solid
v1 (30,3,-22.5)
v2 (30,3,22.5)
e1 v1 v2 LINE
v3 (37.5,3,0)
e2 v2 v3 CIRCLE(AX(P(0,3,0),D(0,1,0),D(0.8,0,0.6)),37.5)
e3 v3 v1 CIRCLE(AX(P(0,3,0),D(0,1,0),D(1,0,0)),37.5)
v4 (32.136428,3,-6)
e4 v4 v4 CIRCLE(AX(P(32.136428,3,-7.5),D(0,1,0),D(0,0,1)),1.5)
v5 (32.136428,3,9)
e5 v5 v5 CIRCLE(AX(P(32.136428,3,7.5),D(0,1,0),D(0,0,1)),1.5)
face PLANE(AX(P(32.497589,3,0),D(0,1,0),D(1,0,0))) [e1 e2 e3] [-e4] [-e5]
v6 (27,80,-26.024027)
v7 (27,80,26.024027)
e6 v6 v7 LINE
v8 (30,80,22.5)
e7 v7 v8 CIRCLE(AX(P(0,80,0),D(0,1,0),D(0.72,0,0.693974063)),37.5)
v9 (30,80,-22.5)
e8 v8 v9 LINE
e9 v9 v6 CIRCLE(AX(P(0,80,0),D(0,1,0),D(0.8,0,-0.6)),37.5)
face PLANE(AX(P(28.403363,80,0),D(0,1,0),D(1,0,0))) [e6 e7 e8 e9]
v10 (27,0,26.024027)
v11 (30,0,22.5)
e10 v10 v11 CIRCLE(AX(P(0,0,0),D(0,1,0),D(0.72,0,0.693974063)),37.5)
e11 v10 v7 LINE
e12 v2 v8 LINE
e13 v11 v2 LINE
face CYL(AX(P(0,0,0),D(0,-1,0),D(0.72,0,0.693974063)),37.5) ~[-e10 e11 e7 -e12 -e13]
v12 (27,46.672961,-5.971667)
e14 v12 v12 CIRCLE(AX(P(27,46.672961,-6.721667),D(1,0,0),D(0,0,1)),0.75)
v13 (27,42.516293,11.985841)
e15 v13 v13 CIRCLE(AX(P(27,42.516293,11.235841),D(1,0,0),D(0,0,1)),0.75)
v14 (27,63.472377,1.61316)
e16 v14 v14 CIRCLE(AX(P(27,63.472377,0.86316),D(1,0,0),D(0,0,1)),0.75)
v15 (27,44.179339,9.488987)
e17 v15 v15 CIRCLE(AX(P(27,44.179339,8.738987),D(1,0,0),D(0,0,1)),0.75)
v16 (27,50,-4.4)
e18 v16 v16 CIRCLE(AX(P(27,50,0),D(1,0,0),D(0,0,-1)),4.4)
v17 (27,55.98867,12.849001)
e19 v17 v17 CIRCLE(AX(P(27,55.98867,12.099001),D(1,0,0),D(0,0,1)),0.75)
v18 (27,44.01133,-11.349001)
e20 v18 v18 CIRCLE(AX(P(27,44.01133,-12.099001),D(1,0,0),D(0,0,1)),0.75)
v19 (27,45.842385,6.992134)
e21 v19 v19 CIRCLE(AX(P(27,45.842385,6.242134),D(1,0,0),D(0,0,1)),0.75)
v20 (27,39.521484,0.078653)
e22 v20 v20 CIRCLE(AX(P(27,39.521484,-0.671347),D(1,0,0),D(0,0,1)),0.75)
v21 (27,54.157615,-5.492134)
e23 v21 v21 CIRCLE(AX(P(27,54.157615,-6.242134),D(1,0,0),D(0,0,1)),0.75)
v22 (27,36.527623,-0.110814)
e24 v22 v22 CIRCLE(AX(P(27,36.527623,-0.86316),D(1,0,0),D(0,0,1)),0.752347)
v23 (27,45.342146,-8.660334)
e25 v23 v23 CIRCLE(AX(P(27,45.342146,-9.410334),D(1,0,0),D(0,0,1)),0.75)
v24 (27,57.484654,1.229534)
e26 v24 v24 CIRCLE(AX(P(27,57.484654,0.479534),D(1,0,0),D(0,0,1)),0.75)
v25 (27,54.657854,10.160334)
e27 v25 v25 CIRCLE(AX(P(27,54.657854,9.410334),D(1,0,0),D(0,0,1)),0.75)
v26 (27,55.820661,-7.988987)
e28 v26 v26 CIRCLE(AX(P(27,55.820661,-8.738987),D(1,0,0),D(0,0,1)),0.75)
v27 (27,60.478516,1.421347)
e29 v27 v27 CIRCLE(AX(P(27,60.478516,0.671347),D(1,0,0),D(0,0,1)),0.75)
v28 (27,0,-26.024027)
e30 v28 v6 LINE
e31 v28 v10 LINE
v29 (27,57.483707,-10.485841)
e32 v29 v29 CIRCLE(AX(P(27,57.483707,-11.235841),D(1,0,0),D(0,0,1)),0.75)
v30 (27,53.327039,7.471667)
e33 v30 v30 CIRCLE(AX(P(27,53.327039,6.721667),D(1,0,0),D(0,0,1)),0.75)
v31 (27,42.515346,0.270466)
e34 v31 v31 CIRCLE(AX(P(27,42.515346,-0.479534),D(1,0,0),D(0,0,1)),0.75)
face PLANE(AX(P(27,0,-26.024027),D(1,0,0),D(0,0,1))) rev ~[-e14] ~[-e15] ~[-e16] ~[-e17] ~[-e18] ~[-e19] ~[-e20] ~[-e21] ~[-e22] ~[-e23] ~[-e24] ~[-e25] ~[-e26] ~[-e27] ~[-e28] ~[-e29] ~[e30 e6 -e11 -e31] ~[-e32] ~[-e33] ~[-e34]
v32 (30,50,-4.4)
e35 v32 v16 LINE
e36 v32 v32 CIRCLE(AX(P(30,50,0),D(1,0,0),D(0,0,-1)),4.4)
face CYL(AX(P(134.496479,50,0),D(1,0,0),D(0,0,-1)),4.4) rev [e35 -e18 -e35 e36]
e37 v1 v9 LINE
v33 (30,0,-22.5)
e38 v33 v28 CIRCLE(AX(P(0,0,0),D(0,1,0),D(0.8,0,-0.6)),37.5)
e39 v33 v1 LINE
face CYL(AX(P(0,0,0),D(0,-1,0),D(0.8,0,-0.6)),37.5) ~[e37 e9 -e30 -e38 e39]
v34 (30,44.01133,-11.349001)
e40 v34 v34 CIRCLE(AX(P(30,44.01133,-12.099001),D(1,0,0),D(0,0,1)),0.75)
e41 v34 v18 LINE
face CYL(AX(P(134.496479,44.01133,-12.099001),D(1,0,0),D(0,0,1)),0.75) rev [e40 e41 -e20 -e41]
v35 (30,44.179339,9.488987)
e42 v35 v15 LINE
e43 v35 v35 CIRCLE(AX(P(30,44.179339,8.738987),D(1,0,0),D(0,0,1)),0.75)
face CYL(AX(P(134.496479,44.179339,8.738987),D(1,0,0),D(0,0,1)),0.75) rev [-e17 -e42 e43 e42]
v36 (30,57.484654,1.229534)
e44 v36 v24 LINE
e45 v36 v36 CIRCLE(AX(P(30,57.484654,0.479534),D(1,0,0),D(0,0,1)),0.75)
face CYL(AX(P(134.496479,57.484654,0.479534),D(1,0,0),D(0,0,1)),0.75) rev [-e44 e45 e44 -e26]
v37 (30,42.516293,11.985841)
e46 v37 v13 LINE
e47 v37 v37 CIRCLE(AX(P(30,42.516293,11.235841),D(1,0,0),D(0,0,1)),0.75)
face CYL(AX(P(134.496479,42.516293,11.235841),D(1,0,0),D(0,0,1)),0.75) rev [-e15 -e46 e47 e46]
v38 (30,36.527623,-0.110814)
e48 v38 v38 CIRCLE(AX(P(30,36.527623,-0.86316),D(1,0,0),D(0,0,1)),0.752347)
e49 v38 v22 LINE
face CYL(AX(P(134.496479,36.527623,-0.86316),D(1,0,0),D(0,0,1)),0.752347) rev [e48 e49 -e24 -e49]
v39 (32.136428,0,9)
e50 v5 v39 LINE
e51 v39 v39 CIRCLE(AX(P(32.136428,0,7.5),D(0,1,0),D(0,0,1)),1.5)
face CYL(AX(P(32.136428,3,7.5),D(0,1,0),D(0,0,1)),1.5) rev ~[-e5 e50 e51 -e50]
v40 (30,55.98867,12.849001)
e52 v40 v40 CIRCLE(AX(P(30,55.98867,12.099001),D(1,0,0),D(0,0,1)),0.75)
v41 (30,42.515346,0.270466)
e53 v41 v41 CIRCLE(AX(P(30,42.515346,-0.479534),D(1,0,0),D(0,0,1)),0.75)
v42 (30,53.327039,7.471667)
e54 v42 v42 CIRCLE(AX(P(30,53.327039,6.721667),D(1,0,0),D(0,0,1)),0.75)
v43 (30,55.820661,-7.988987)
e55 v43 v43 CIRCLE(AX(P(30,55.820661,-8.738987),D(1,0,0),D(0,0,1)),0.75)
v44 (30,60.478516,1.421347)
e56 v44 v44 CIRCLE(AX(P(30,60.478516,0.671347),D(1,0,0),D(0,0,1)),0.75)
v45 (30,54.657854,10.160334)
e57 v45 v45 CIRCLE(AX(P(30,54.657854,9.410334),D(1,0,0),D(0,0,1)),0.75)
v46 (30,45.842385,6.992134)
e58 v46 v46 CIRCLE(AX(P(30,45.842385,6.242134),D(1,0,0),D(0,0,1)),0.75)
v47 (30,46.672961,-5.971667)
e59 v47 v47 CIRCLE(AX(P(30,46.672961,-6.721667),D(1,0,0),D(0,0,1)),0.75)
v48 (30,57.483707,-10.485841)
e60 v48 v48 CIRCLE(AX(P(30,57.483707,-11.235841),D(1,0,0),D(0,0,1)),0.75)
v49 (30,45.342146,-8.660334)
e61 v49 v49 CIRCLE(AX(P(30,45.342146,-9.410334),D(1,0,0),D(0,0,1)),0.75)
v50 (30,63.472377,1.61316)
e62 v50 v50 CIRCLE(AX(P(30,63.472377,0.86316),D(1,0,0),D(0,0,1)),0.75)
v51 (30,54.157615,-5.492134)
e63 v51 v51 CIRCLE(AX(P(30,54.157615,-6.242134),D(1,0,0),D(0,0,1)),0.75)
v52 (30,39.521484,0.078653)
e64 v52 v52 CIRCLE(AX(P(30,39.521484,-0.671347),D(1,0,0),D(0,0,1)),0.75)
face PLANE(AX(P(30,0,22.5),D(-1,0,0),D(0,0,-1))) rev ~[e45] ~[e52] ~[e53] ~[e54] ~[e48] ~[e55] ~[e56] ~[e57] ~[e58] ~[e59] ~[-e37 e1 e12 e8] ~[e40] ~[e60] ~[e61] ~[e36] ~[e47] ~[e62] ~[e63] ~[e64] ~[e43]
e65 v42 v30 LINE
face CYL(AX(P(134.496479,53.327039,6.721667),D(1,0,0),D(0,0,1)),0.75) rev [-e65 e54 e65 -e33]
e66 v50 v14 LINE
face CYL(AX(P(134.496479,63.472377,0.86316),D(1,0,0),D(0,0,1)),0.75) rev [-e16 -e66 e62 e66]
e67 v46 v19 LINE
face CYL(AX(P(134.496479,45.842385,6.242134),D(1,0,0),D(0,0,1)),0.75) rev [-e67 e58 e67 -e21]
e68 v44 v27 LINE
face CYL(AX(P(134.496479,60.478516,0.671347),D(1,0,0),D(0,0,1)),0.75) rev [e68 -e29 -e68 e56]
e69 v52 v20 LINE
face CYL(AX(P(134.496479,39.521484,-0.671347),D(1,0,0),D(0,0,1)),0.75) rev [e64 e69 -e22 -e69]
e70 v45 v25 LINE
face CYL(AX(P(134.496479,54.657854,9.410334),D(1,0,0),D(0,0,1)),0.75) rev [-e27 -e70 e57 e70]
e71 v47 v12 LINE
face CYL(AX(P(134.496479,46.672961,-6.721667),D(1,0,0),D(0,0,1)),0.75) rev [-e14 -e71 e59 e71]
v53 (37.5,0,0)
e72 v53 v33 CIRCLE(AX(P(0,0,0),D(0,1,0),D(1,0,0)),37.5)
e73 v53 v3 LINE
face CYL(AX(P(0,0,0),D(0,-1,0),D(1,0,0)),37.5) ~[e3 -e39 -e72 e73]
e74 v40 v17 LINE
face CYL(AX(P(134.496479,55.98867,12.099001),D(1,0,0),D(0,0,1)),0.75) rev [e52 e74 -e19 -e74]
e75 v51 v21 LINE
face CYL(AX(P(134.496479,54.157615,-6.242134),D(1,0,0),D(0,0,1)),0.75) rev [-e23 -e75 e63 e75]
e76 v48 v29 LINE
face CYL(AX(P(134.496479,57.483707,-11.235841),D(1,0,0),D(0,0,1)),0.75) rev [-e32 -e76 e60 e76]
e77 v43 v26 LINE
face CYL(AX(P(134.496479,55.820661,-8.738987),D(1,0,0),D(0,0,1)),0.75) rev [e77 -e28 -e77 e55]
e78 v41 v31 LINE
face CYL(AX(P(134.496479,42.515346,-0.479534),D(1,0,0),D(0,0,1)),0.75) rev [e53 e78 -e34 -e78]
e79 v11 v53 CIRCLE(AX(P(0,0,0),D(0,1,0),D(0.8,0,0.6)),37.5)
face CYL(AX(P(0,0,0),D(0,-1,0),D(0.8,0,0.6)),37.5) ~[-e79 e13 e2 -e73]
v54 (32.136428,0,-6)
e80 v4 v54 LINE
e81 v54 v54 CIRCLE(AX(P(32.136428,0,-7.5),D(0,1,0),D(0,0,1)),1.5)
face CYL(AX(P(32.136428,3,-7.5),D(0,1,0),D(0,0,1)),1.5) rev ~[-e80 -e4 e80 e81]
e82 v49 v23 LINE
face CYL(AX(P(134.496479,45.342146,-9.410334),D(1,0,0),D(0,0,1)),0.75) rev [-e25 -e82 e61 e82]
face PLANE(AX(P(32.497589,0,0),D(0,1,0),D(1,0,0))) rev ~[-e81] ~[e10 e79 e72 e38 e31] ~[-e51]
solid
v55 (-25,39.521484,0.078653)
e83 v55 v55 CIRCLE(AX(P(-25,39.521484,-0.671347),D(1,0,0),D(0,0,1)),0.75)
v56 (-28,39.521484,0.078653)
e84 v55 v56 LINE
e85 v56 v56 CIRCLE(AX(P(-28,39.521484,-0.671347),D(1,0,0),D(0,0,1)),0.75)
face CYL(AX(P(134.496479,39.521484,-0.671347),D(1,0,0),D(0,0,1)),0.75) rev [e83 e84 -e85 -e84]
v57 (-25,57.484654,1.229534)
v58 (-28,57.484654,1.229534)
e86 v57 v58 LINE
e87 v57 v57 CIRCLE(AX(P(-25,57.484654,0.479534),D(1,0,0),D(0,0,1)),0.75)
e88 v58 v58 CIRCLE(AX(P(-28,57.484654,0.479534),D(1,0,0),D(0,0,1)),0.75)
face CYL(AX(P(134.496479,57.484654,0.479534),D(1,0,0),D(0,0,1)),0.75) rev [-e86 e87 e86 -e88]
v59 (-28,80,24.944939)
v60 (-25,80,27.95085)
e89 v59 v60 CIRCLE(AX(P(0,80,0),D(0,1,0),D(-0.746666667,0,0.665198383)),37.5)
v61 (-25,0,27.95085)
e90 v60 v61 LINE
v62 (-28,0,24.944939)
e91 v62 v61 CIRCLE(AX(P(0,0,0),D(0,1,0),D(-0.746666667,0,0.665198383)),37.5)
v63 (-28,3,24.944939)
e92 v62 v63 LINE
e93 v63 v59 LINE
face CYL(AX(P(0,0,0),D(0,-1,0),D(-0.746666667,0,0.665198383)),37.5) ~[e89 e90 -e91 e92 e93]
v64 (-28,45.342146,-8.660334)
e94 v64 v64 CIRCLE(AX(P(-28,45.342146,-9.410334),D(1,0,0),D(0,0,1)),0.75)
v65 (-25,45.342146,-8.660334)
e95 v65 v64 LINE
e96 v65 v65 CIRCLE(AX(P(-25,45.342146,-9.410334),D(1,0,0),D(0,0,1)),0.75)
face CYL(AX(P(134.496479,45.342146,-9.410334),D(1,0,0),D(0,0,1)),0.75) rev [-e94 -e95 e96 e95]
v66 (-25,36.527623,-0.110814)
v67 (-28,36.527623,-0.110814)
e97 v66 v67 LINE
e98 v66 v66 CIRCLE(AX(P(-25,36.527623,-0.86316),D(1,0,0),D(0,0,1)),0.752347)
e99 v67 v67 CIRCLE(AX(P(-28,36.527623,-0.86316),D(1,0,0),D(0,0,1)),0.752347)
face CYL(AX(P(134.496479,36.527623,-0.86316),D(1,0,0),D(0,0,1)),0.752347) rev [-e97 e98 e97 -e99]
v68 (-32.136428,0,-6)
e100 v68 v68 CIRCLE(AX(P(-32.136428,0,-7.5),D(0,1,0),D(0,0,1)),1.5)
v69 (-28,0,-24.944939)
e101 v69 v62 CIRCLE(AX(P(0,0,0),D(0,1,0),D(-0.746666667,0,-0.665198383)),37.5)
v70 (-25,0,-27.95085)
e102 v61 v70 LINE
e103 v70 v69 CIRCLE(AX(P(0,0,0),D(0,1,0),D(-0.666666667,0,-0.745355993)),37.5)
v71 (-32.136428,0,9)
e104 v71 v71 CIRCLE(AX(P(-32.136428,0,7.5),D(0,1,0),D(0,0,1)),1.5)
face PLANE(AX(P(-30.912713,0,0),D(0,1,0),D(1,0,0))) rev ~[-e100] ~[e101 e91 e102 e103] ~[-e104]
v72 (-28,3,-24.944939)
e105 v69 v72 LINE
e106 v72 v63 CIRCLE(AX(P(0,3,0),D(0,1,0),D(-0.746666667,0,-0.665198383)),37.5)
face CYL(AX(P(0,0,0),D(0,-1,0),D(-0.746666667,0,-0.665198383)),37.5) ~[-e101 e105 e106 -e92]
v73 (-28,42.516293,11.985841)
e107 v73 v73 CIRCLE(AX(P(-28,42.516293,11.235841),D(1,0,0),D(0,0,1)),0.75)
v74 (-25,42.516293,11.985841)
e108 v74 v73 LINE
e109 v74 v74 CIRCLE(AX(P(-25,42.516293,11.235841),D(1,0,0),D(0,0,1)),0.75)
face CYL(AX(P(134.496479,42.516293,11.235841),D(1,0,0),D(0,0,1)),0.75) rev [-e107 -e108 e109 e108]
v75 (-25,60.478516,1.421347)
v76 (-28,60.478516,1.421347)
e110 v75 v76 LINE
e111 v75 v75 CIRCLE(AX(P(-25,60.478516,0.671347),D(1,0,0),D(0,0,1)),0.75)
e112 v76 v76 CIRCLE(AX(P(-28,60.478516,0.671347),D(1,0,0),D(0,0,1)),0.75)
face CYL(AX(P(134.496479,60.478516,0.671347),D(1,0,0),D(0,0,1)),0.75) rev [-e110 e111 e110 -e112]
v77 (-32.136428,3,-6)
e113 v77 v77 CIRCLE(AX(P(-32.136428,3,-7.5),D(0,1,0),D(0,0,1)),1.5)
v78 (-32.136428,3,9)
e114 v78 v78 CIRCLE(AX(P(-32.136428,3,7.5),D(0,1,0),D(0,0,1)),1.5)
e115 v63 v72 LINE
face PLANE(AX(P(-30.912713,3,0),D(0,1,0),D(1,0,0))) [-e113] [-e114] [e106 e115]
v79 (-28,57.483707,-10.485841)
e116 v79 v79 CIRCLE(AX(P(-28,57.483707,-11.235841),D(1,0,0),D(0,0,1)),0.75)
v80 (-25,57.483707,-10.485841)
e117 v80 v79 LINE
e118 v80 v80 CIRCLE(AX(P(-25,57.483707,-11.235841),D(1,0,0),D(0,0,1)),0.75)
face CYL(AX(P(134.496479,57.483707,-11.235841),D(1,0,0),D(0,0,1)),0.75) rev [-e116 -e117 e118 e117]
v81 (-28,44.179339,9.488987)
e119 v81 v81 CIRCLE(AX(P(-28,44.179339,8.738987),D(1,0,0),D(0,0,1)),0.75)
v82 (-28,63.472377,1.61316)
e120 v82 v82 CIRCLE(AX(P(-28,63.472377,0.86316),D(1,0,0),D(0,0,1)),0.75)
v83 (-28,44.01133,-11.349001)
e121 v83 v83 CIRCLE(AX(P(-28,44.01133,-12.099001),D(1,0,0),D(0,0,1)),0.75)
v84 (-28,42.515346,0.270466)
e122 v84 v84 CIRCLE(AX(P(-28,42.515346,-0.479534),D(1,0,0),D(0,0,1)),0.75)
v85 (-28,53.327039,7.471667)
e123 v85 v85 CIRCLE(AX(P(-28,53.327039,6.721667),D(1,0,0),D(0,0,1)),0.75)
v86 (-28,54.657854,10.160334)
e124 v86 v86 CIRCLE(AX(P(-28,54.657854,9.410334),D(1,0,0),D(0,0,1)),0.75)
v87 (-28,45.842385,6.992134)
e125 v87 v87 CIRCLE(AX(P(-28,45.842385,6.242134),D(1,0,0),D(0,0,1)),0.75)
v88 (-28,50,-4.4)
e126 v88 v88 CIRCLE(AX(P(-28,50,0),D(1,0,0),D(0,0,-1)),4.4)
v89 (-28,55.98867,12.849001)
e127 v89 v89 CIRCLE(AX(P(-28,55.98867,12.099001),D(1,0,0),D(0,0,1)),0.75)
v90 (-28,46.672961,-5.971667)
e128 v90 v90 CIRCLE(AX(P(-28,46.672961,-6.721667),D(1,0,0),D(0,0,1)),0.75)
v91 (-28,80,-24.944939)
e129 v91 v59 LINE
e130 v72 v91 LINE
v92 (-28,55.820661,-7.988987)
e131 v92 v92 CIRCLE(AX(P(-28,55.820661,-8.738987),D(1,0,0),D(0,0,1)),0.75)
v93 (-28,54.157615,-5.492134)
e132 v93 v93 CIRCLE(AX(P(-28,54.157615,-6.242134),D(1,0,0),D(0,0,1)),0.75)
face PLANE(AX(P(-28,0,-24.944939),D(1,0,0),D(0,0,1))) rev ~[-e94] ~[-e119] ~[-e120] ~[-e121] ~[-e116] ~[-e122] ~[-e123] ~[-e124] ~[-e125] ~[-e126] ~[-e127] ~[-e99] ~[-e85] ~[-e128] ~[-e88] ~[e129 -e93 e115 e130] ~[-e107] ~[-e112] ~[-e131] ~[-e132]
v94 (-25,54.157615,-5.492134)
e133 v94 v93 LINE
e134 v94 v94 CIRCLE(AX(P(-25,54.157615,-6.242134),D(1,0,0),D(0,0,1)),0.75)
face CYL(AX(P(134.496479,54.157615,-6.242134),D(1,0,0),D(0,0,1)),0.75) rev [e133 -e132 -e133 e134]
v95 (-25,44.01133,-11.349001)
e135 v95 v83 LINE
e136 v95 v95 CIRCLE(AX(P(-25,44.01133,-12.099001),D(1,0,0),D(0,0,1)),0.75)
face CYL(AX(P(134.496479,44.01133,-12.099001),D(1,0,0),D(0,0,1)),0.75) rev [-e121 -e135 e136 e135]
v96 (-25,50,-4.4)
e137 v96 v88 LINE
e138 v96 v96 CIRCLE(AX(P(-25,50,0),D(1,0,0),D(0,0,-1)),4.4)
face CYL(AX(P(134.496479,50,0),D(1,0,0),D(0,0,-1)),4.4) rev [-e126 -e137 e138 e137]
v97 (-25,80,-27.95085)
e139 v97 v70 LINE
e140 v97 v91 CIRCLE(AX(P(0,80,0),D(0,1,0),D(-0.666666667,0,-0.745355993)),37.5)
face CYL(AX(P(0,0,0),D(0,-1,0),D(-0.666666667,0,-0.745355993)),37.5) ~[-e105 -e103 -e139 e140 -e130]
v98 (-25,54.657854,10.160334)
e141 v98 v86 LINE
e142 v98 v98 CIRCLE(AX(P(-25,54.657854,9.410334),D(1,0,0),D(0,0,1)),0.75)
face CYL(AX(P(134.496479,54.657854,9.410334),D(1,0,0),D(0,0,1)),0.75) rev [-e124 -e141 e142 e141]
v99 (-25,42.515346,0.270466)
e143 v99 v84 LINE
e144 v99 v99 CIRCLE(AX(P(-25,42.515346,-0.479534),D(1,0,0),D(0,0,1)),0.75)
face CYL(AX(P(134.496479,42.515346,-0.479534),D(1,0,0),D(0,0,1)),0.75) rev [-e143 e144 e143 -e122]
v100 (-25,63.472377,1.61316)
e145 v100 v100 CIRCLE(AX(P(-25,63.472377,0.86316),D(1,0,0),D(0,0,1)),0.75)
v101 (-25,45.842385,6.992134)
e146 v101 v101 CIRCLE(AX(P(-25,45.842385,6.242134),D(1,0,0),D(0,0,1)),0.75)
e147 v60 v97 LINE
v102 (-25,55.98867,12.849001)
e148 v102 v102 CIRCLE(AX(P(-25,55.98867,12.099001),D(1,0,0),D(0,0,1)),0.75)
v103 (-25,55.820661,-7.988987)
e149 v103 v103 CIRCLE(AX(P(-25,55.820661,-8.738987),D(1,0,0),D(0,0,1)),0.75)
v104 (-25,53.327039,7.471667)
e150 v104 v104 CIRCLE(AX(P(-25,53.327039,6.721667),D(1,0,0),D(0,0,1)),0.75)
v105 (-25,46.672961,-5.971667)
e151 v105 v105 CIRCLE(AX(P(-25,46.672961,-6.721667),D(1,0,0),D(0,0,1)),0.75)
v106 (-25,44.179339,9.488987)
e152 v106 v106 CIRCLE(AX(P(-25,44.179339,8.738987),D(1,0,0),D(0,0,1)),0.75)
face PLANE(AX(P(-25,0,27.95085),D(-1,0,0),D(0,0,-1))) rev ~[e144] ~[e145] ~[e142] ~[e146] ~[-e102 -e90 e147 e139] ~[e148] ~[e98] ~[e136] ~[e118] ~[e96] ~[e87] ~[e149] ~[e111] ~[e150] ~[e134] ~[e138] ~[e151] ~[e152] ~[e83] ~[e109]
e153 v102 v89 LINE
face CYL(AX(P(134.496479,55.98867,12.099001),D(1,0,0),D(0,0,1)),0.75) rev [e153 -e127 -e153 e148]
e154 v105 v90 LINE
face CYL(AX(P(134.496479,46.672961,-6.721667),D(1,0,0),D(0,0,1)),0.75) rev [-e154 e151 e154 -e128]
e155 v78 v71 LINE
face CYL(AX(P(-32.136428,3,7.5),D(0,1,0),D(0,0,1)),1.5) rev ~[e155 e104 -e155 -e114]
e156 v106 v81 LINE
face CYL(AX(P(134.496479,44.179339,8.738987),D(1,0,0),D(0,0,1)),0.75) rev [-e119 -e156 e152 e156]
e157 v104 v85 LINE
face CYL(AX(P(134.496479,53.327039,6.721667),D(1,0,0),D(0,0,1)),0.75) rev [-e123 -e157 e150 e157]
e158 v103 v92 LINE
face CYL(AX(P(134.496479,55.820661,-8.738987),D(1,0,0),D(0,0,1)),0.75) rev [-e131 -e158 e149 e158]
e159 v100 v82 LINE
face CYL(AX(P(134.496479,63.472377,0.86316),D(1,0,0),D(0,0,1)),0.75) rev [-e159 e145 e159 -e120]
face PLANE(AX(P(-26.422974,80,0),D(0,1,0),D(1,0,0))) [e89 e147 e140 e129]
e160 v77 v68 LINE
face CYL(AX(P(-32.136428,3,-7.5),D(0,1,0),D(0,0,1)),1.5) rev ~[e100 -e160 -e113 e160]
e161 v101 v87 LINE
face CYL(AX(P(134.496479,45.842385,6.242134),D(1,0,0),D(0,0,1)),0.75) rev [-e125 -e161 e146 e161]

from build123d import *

# Parameters (mm, degrees)
BOSS_EXTRUDE1_DEPTH     = 3
BOSS_EXTRUDE2_DEPTH     = 80
SKETCH8_R               = 1.5
CUT_EXTRUDE2_DEPTH      = 3
CUT_EXTRUDE3_DEPTH      = 107.496478815
CUT_EXTRUDE3_DEPTH_BACK = 107.496478815
SKETCH7_R               = 0.75
SKETCH7_R_2             = 0.752346506


with BuildPart() as part:
    # Sketch1 → Boss-Extrude1 (new body)
    with BuildSketch(Plane(origin=(0, 0, 0), x_dir=(1, 0, 0), z_dir=(0, 1, 0))):
        with BuildLine():
            Line((-28, 0), (-28, 24.944939367))
            ThreePointArc((-28, 24.944939367), (-37.5, 0), (-28, -24.944939367))
            Line((-28, -24.944939367), (-28, 0))
        make_face()
        with BuildLine():
            Line((-25, -27.950849719), (-25, 0))
            Line((-25, 0), (-25, 27.950849719))
            ThreePointArc((-25, 27.950849719), (-26.542586051, 26.490396859), (-28, 24.944939367))
            Line((-28, 24.944939367), (-28, 0))
            Line((-28, 0), (-28, -24.944939367))
            ThreePointArc((-28, -24.944939367), (-26.542586051, -26.490396859), (-25, -27.950849719))
        make_face()
        with BuildLine():
            ThreePointArc((37.5, 0), (35.575623677, 11.858541226), (30, 22.5))
            Line((30, 22.5), (30, -22.5))
            ThreePointArc((30, -22.5), (35.575623677, -11.858541226), (37.5, 0))
        make_face()
        with BuildLine():
            ThreePointArc((30, 22.5), (28.554416335, 24.308338236), (27, 26.024027359))
            Line((27, 26.024027359), (27, -26.024027359))
            ThreePointArc((27, -26.024027359), (28.554416335, -24.308338236), (30, -22.5))
            Line((30, -22.5), (30, 22.5))
        make_face()
    extrude(amount=BOSS_EXTRUDE1_DEPTH)

    # Sketch1<3> → Boss-Extrude2 (add)
    with BuildSketch(Plane(origin=(0, 0, 0), x_dir=(1, 0, 0), z_dir=(0, 1, 0))):
        with BuildLine():
            Line((-25, -27.950849719), (-25, 0))
            Line((-25, 0), (-25, 27.950849719))
            ThreePointArc((-25, 27.950849719), (-26.542586051, 26.490396859), (-28, 24.944939367))
            Line((-28, 24.944939367), (-28, 0))
            Line((-28, 0), (-28, -24.944939367))
            ThreePointArc((-28, -24.944939367), (-26.542586051, -26.490396859), (-25, -27.950849719))
        make_face()
        with BuildLine():
            ThreePointArc((30, 22.5), (28.554416335, 24.308338236), (27, 26.024027359))
            Line((27, 26.024027359), (27, -26.024027359))
            ThreePointArc((27, -26.024027359), (28.554416335, -24.308338236), (30, -22.5))
            Line((30, -22.5), (30, 22.5))
        make_face()
    extrude(amount=BOSS_EXTRUDE2_DEPTH)

    # Sketch8 → Cut-Extrude2 (cut)
    with BuildSketch(Plane(origin=(0, 3, 0), x_dir=(1, 0, 0), z_dir=(0, 1, 0))):
        with Locations(Location((-32.136427928, -7.5, 0), (0, 0, 270))):
            Circle(SKETCH8_R)
        with Locations(Location((32.136427928, -7.5, 0), (0, 0, 270))):
            Circle(SKETCH8_R)
        with Locations(Location((32.136427928, 7.5, 0), (0, 0, 270))):
            Circle(SKETCH8_R)
        with Locations(Location((-32.136427928, 7.5, 0), (0, 0, 270))):
            Circle(SKETCH8_R)
    extrude(amount=-CUT_EXTRUDE2_DEPTH, mode=Mode.SUBTRACT)

    # Sketch7 → Cut-Extrude3 (cut, two sides: drawn at the far end of the back side and taken through both)
    with BuildSketch(Plane.ZY.offset(-27).offset(-CUT_EXTRUDE3_DEPTH_BACK)):
        with Locations((0.671346916, 60.478515797)):
            Circle(SKETCH7_R)
        with BuildLine():
            ThreePointArc((4.4, 50), (0, 54.4), (-4.4, 50))
            Line((-4.4, 50), (4.4, 50))
        make_face()
        with BuildLine():
            Line((4.4, 50), (-4.4, 50))
            ThreePointArc((-4.4, 50), (0, 45.6), (4.4, 50))
        make_face()
        with Locations((0.479533512, 57.484654141)):
            Circle(SKETCH7_R)
        with Locations((6.721667381, 53.327038867)):
            Circle(SKETCH7_R)
        with Locations((9.410334333, 54.657854414)):
            Circle(SKETCH7_R)
        with Locations((12.099001285, 55.988669961)):
            Circle(SKETCH7_R)
        with Locations((0.863160321, 63.472377454)):
            Circle(SKETCH7_R)
        with Locations((-8.738987416, 55.820661383)):
            Circle(SKETCH7_R)
        with Locations((-6.242133869, 54.157615274)):
            Circle(SKETCH7_R)
        with Locations((-11.235840964, 57.483707492)):
            Circle(SKETCH7_R)
        with Locations((-12.099001285, 44.011330039)):
            Circle(SKETCH7_R)
        with Locations((-9.410334333, 45.342145586)):
            Circle(SKETCH7_R)
        with Locations((-6.721667381, 46.672961133)):
            Circle(SKETCH7_R)
        with Locations((-0.479533512, 42.515345859)):
            Circle(SKETCH7_R)
        with Locations((-0.671346916, 39.521484203)):
            Circle(SKETCH7_R)
        with Locations((-0.863160321, 36.527622546)):
            Circle(SKETCH7_R_2)
        with Locations((11.235840964, 42.516292508)):
            Circle(SKETCH7_R)
        with Locations((8.738987416, 44.179338617)):
            Circle(SKETCH7_R)
        with Locations((6.242133869, 45.842384726)):
            Circle(SKETCH7_R)
    extrude(amount=CUT_EXTRUDE3_DEPTH + CUT_EXTRUDE3_DEPTH_BACK, mode=Mode.SUBTRACT)


solid = part.part
